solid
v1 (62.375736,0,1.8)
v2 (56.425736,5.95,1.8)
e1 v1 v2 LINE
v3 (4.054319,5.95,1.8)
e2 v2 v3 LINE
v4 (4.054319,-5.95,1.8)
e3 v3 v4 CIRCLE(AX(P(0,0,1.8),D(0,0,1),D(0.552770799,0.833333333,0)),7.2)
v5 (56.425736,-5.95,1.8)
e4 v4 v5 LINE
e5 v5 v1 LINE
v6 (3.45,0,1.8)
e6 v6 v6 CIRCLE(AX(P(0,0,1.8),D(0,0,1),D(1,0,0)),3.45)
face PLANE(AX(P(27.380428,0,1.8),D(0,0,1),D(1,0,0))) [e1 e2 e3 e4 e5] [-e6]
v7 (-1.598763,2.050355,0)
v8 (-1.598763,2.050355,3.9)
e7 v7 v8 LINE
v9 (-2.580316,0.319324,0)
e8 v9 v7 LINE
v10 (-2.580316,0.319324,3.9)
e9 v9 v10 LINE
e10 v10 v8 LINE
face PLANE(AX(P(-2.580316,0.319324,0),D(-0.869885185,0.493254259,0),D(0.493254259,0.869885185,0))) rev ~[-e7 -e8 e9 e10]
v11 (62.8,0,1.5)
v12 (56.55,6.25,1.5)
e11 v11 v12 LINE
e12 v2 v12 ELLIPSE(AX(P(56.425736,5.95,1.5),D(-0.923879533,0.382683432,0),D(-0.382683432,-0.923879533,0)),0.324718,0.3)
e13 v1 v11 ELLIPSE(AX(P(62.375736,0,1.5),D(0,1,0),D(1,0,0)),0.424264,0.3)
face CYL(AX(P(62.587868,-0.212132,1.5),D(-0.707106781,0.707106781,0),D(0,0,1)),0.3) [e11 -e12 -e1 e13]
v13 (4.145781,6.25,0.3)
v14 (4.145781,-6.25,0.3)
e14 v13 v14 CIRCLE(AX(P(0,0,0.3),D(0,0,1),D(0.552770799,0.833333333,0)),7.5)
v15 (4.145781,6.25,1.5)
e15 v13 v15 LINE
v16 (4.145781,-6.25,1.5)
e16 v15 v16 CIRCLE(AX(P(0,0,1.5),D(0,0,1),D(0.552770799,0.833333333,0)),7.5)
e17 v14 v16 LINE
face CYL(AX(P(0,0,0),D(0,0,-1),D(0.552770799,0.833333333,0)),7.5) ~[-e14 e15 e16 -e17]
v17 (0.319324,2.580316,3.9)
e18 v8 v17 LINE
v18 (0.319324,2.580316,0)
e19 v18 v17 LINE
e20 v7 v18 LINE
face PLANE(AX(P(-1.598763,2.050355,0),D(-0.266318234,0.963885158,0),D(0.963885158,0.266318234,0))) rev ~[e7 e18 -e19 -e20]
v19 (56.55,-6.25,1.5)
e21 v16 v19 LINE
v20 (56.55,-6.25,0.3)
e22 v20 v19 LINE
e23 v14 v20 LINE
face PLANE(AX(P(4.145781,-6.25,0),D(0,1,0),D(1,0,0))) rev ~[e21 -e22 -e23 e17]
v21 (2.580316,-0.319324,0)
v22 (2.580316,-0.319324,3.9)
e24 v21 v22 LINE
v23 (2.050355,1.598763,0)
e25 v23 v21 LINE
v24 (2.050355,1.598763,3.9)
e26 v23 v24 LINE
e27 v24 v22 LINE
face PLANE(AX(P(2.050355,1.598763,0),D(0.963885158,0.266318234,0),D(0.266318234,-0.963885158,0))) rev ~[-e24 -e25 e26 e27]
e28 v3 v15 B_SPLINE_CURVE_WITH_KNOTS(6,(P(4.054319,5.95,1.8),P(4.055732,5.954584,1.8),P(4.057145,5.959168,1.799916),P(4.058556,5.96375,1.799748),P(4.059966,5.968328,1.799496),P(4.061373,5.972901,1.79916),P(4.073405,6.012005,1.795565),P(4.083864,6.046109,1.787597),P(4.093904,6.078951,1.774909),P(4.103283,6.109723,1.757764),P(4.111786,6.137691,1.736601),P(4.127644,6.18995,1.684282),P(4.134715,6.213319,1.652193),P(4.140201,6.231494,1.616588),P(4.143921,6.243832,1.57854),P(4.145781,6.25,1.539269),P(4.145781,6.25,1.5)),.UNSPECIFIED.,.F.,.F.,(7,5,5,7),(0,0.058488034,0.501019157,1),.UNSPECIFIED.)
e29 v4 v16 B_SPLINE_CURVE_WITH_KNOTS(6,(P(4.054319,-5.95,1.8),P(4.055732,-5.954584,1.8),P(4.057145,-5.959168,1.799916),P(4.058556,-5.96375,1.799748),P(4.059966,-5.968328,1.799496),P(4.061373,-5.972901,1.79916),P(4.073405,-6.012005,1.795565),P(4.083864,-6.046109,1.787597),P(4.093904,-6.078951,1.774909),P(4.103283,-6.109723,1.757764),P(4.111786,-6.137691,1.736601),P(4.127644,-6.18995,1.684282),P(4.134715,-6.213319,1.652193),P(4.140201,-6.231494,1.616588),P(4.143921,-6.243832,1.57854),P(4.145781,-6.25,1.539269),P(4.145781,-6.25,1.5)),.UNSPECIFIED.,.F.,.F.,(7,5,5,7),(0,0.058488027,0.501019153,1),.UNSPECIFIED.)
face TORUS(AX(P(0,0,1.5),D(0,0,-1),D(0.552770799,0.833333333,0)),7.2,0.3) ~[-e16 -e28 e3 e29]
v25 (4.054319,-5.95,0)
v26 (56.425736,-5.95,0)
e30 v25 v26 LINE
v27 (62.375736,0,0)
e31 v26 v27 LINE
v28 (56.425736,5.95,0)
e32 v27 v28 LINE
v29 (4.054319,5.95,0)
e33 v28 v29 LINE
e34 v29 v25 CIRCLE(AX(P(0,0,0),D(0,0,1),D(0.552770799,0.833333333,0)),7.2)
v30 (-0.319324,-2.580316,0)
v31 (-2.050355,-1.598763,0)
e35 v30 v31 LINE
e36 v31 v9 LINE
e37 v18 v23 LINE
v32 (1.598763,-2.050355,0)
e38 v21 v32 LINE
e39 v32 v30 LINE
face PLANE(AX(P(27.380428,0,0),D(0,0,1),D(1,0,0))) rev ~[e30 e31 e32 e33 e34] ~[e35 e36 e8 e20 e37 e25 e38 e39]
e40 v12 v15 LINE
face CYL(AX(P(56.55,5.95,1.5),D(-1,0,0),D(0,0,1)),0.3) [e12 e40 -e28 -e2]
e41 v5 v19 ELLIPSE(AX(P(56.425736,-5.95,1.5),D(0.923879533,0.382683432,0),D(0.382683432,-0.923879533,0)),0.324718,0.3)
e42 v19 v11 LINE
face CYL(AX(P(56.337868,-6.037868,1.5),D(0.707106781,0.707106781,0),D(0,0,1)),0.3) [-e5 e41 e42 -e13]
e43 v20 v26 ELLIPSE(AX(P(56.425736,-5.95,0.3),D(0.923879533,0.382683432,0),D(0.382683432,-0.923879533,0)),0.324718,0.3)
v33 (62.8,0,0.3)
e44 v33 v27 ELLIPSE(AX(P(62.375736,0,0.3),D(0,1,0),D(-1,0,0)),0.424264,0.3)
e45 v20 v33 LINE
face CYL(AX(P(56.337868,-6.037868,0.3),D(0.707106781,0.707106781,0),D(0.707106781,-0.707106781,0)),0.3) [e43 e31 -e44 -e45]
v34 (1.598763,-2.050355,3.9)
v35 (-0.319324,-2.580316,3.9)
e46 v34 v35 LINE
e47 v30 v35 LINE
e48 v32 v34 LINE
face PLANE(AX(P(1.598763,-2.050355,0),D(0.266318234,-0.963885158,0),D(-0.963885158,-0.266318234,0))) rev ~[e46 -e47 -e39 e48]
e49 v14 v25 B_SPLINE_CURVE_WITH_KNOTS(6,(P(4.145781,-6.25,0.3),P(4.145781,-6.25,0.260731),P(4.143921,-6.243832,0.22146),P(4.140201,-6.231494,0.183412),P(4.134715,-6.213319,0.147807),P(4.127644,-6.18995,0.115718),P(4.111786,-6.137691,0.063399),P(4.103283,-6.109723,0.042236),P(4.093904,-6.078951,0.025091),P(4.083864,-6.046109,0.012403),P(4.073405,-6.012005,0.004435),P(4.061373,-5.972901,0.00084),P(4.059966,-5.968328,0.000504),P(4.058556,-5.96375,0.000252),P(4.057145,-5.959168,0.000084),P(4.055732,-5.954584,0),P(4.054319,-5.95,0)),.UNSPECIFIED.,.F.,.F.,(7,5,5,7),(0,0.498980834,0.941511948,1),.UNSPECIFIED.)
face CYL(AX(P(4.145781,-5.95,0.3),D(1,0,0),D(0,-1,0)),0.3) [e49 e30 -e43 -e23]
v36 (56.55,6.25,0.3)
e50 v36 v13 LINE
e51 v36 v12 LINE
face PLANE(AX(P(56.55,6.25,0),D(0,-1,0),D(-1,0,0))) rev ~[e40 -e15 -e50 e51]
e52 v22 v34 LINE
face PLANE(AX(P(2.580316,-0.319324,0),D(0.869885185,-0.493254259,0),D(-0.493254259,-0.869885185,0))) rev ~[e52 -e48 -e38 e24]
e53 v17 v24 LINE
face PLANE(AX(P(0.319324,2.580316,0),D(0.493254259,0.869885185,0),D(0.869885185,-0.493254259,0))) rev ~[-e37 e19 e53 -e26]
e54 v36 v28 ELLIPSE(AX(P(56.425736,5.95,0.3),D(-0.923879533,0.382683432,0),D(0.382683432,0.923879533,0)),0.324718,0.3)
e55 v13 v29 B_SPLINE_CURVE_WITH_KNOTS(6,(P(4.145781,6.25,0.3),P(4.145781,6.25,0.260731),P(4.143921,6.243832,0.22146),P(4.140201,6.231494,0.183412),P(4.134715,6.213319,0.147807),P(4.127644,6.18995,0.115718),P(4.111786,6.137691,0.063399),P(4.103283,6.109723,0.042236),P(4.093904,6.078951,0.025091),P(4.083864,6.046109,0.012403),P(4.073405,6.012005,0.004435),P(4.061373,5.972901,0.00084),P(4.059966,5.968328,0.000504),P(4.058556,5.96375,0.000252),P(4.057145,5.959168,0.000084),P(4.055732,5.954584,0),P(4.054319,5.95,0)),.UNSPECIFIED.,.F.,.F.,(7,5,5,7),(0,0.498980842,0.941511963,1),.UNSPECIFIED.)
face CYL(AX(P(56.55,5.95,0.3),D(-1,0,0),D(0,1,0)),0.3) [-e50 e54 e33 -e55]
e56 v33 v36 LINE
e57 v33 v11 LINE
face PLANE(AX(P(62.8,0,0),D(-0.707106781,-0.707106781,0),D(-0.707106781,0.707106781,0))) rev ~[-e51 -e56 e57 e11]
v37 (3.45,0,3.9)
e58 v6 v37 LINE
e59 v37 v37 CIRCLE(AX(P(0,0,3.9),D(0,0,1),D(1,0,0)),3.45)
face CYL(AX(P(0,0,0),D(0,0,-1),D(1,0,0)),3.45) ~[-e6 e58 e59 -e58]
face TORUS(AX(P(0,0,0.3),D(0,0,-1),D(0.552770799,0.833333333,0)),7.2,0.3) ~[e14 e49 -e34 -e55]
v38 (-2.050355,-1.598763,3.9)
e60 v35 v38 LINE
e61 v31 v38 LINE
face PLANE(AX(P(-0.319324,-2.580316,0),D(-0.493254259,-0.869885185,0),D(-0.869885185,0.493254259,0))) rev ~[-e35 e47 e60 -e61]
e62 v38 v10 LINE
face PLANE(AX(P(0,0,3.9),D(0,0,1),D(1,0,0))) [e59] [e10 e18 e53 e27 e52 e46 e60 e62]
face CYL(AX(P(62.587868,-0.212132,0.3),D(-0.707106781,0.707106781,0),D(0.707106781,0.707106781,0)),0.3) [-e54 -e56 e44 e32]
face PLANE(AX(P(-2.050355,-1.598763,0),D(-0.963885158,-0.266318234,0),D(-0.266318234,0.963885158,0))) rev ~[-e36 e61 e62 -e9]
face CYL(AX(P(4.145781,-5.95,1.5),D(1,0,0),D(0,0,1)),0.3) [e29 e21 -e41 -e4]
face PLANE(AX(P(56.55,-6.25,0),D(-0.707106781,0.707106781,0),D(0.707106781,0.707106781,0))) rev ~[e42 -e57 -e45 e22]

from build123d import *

# Parameters (mm, degrees)
F0_R     = 3.45
F1_DEPTH = 1.8
F2_DEPTH = 3.9
F3_R     = 0.3


with BuildPart() as f1:
    # F0 (on Top) → F1 (new body)
    with BuildSketch(Plane.XY):
        with BuildLine():
            Line((56.55, 6.25), (4.145781, 6.25))
            ThreePointArc((4.145781, 6.25), (-7.5, 0), (4.145781, -6.25))
            Line((4.145781, -6.25), (56.55, -6.25))
            Line((56.55, -6.25), (62.8, 0))
            Line((62.8, 0), (56.55, 6.25))
        make_face()
        Circle(F0_R, mode=Mode.SUBTRACT)
    extrude(amount=F1_DEPTH)

    # F0 (on Top) → F2 (join)
    with BuildSketch(Plane.XY):
        Circle(F0_R)
        Polygon((2.580316, -0.319324), (1.598763, -2.050355), (-0.319324, -2.580316), (-2.050355, -1.598763), (-2.580316, 0.319324), (-1.598763, 2.050355), (0.319324, 2.580316), (2.050355, 1.598763), align=None, mode=Mode.SUBTRACT)
    extrude(amount=F2_DEPTH)

    # F3
    f3_edges = [f1.edges().sort_by_distance(p)[0] for p in [
        (-7.5, 0, 1.8),
        (30.34789, 6.25, 1.8),
        (30.34789, -6.25, 1.8),
        (59.675, -3.125, 1.8),
        (59.675, 3.125, 1.8),
        (-7.5, 0, 0),
        (30.34789, -6.25, 0),
        (59.675, 3.125, 0),
        (59.675, -3.125, 0),
        (30.34789, 6.25, 0),
    ]]
    fillet(f3_edges, radius=F3_R)


solid = f1.part
